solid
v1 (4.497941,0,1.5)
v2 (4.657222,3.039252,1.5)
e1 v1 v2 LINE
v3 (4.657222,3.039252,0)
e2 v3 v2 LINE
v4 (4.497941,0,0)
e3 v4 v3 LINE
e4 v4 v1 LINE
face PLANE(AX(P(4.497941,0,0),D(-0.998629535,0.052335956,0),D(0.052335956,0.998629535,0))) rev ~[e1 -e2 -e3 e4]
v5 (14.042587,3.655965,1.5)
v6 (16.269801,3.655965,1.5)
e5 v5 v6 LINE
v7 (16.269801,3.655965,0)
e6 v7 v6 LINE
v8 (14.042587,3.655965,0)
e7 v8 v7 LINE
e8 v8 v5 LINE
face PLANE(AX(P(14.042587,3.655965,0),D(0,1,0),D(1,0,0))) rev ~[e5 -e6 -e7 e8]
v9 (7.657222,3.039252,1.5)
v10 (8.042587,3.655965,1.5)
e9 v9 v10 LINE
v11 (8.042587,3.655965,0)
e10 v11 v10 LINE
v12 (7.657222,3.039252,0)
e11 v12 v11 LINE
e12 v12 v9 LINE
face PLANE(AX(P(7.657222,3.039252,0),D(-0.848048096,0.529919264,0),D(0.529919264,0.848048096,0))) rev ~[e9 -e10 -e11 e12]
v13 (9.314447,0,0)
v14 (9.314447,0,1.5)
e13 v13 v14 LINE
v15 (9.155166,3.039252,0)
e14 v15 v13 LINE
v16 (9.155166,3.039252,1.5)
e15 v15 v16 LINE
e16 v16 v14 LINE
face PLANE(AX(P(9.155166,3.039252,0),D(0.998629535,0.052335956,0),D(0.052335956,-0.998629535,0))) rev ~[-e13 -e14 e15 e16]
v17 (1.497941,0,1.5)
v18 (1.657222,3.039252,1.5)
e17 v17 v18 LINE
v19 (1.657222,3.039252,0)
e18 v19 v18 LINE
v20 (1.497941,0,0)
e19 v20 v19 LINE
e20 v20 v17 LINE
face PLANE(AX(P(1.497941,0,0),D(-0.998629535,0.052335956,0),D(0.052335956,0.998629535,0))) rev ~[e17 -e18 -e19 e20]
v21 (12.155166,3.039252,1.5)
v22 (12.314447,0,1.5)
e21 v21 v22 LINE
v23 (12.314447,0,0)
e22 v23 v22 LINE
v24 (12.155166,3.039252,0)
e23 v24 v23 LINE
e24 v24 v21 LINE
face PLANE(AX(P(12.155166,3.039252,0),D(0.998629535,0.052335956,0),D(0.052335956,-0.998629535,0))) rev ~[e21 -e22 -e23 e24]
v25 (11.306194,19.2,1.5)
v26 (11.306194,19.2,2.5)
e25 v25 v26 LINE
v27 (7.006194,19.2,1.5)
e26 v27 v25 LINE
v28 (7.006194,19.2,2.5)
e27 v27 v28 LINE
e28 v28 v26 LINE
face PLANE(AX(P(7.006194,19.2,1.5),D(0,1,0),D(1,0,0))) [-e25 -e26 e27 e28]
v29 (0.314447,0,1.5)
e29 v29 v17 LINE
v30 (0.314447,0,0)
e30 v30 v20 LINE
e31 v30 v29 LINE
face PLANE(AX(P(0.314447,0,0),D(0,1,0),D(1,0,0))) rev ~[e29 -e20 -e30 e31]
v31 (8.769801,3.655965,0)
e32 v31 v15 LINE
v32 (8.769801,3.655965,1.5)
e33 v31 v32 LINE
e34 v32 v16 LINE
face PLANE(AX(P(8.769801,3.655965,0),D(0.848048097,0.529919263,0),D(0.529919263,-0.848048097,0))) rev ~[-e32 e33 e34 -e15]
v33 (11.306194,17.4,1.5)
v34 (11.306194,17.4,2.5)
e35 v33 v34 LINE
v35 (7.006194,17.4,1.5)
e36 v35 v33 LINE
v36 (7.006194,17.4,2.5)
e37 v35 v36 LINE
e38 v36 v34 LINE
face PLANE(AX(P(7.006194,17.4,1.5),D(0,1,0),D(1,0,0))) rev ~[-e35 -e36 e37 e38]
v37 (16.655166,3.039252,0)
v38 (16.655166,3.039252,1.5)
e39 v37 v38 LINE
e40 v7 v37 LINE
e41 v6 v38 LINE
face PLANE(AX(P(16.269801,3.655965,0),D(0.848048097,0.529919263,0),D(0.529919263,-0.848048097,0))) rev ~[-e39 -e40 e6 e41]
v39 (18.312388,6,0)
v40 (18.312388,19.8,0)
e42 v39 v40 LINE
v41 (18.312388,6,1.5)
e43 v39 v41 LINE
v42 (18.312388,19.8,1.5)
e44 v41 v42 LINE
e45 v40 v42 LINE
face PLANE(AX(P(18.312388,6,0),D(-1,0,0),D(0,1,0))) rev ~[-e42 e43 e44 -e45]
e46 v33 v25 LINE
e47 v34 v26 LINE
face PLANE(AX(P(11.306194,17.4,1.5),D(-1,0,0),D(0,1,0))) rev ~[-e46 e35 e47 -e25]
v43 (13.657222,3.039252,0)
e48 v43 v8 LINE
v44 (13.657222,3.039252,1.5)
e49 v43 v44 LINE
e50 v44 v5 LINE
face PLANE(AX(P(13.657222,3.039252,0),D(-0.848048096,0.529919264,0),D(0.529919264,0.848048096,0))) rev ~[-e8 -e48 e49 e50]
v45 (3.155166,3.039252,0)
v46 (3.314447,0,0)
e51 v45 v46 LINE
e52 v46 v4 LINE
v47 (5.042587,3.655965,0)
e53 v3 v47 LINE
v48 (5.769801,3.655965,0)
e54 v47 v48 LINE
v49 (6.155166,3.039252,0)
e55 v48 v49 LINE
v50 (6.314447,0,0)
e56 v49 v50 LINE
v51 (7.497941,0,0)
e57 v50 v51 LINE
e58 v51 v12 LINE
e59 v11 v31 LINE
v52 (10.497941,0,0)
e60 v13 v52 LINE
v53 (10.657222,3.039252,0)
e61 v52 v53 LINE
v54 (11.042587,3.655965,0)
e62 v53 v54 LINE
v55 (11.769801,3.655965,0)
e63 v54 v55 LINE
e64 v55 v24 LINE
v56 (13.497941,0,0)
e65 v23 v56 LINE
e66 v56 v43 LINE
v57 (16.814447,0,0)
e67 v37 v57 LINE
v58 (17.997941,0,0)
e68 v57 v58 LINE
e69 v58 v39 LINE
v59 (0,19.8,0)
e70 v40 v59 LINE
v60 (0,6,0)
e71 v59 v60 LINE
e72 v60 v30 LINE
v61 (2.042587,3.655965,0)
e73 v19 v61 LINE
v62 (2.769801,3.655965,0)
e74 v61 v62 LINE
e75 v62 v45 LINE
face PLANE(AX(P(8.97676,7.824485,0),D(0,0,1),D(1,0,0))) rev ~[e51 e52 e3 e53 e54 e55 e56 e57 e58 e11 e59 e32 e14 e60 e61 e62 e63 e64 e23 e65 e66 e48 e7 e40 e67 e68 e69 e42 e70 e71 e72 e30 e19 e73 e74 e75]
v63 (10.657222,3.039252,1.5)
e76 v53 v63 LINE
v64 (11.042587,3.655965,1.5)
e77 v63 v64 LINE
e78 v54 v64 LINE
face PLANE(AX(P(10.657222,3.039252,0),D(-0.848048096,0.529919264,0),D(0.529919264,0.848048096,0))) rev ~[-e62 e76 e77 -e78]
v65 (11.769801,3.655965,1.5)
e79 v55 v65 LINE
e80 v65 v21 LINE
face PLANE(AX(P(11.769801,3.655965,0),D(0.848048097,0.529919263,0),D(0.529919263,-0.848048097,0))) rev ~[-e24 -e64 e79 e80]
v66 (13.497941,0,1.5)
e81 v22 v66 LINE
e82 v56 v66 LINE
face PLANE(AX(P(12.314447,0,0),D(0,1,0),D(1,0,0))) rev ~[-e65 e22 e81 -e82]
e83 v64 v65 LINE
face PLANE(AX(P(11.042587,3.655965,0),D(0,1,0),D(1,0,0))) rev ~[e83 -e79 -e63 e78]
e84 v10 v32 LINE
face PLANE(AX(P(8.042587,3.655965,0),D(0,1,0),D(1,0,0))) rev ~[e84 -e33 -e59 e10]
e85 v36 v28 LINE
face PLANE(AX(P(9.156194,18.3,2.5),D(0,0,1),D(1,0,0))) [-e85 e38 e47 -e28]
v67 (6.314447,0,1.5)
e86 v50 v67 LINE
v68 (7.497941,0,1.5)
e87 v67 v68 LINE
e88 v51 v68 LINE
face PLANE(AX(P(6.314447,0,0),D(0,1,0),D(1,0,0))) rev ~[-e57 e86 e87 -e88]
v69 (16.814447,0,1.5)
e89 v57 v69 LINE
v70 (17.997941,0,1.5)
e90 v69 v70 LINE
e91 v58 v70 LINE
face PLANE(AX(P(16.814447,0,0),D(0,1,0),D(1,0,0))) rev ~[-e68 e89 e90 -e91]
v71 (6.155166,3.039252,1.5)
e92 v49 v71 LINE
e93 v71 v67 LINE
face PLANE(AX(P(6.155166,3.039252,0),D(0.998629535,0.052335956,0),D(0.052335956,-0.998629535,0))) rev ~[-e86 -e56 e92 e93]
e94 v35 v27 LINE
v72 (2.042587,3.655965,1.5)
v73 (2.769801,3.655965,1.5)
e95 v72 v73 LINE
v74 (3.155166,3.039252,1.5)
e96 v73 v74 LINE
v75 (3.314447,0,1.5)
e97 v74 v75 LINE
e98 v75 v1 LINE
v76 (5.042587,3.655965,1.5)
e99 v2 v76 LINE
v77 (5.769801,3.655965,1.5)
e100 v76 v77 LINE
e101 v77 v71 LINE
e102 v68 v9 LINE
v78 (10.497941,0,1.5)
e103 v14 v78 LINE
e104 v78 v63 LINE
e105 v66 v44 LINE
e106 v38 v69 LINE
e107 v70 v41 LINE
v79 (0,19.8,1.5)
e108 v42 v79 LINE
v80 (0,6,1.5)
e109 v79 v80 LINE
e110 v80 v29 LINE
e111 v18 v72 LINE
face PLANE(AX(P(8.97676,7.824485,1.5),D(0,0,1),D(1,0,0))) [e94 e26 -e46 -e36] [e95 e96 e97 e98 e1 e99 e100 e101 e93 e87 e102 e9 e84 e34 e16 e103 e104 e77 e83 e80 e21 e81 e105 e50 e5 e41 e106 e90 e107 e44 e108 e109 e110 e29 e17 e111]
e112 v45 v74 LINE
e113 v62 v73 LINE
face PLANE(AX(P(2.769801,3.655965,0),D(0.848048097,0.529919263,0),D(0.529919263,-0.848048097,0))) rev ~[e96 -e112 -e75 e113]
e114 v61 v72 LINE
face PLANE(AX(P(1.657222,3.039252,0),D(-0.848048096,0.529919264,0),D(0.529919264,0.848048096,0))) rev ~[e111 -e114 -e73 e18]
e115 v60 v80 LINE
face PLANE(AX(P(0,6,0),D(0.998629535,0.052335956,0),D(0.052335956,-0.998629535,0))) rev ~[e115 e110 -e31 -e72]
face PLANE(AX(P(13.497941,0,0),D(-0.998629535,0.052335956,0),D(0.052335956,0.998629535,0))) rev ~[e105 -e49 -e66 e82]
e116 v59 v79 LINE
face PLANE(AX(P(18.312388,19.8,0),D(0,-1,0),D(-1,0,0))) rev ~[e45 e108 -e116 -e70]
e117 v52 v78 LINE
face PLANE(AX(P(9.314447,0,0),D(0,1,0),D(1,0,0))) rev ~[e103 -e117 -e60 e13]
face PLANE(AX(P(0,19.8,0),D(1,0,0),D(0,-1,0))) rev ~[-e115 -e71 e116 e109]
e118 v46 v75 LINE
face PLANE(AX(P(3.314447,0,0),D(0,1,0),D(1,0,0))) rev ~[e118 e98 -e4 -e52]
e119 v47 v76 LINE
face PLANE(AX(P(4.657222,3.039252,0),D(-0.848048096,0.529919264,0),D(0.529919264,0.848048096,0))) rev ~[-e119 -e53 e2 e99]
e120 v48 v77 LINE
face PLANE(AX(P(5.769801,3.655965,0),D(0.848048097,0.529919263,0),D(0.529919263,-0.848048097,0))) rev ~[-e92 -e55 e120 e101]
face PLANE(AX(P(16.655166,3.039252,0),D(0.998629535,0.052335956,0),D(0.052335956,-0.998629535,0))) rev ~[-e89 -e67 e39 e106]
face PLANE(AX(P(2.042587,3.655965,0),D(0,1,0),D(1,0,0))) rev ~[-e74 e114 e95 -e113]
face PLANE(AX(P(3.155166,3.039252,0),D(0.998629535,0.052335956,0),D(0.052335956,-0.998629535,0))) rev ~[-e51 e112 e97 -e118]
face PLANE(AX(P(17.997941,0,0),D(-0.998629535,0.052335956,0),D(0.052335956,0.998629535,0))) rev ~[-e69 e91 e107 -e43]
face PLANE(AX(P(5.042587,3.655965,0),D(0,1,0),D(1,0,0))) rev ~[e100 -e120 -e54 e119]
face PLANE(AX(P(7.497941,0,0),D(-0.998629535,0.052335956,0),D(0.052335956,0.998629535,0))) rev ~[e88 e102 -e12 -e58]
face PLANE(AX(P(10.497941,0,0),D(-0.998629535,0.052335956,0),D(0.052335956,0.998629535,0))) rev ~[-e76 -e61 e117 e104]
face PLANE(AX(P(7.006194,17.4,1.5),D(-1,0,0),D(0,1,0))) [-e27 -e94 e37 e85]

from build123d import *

# Parameters (mm, degrees)
BOSS_EXTRUDE1_DEPTH = 1.5
BOSS_EXTRUDE3_START = 1.5
SKETCH11_W          = 4.3
SKETCH11_H          = 1.8
BOSS_EXTRUDE3_DEPTH = 1


with BuildPart() as part:
    # Sketch1 → Boss-Extrude1 (new body)
    with BuildSketch(Plane.XY):
        Polygon((0, 6), (0.314446676, 0), (1.497941481, 0), (1.657221927, 3.039251967), (2.042586863, 3.65596478), (2.769801294, 3.65596478), (3.155166229, 3.039251967), (3.314446676, 0), (4.497941481, 0), (4.657221927, 3.039251967), (5.042586863, 3.65596478), (5.769801294, 3.65596478), (6.155166229, 3.039251967), (6.314446676, 0), (7.497941481, 0), (7.657221927, 3.039251967), (8.042586863, 3.65596478), (8.769801294, 3.65596478), (9.155166229, 3.039251967), (9.314446676, 0), (10.497941481, 0), (10.657221927, 3.039251967), (11.042586863, 3.65596478), (11.769801294, 3.65596478), (12.155166229, 3.039251967), (12.314446676, 0), (13.497941481, 0), (13.657221927, 3.039251967), (14.042586863, 3.65596478), (16.269801294, 3.65596478), (16.655166229, 3.039251967), (16.814446676, 0), (17.997941481, 0), (18.312388157, 6), (18.312388157, 19.8), (0, 19.8), align=None)
    extrude(amount=BOSS_EXTRUDE1_DEPTH)

    # Sketch11 → Boss-Extrude3 (add)
    with BuildSketch(Plane.XY.offset(BOSS_EXTRUDE3_START)):
        with Locations((9.156194078, 18.3)):
            Rectangle(SKETCH11_W, SKETCH11_H)
    extrude(amount=BOSS_EXTRUDE3_DEPTH)


solid = part.part
